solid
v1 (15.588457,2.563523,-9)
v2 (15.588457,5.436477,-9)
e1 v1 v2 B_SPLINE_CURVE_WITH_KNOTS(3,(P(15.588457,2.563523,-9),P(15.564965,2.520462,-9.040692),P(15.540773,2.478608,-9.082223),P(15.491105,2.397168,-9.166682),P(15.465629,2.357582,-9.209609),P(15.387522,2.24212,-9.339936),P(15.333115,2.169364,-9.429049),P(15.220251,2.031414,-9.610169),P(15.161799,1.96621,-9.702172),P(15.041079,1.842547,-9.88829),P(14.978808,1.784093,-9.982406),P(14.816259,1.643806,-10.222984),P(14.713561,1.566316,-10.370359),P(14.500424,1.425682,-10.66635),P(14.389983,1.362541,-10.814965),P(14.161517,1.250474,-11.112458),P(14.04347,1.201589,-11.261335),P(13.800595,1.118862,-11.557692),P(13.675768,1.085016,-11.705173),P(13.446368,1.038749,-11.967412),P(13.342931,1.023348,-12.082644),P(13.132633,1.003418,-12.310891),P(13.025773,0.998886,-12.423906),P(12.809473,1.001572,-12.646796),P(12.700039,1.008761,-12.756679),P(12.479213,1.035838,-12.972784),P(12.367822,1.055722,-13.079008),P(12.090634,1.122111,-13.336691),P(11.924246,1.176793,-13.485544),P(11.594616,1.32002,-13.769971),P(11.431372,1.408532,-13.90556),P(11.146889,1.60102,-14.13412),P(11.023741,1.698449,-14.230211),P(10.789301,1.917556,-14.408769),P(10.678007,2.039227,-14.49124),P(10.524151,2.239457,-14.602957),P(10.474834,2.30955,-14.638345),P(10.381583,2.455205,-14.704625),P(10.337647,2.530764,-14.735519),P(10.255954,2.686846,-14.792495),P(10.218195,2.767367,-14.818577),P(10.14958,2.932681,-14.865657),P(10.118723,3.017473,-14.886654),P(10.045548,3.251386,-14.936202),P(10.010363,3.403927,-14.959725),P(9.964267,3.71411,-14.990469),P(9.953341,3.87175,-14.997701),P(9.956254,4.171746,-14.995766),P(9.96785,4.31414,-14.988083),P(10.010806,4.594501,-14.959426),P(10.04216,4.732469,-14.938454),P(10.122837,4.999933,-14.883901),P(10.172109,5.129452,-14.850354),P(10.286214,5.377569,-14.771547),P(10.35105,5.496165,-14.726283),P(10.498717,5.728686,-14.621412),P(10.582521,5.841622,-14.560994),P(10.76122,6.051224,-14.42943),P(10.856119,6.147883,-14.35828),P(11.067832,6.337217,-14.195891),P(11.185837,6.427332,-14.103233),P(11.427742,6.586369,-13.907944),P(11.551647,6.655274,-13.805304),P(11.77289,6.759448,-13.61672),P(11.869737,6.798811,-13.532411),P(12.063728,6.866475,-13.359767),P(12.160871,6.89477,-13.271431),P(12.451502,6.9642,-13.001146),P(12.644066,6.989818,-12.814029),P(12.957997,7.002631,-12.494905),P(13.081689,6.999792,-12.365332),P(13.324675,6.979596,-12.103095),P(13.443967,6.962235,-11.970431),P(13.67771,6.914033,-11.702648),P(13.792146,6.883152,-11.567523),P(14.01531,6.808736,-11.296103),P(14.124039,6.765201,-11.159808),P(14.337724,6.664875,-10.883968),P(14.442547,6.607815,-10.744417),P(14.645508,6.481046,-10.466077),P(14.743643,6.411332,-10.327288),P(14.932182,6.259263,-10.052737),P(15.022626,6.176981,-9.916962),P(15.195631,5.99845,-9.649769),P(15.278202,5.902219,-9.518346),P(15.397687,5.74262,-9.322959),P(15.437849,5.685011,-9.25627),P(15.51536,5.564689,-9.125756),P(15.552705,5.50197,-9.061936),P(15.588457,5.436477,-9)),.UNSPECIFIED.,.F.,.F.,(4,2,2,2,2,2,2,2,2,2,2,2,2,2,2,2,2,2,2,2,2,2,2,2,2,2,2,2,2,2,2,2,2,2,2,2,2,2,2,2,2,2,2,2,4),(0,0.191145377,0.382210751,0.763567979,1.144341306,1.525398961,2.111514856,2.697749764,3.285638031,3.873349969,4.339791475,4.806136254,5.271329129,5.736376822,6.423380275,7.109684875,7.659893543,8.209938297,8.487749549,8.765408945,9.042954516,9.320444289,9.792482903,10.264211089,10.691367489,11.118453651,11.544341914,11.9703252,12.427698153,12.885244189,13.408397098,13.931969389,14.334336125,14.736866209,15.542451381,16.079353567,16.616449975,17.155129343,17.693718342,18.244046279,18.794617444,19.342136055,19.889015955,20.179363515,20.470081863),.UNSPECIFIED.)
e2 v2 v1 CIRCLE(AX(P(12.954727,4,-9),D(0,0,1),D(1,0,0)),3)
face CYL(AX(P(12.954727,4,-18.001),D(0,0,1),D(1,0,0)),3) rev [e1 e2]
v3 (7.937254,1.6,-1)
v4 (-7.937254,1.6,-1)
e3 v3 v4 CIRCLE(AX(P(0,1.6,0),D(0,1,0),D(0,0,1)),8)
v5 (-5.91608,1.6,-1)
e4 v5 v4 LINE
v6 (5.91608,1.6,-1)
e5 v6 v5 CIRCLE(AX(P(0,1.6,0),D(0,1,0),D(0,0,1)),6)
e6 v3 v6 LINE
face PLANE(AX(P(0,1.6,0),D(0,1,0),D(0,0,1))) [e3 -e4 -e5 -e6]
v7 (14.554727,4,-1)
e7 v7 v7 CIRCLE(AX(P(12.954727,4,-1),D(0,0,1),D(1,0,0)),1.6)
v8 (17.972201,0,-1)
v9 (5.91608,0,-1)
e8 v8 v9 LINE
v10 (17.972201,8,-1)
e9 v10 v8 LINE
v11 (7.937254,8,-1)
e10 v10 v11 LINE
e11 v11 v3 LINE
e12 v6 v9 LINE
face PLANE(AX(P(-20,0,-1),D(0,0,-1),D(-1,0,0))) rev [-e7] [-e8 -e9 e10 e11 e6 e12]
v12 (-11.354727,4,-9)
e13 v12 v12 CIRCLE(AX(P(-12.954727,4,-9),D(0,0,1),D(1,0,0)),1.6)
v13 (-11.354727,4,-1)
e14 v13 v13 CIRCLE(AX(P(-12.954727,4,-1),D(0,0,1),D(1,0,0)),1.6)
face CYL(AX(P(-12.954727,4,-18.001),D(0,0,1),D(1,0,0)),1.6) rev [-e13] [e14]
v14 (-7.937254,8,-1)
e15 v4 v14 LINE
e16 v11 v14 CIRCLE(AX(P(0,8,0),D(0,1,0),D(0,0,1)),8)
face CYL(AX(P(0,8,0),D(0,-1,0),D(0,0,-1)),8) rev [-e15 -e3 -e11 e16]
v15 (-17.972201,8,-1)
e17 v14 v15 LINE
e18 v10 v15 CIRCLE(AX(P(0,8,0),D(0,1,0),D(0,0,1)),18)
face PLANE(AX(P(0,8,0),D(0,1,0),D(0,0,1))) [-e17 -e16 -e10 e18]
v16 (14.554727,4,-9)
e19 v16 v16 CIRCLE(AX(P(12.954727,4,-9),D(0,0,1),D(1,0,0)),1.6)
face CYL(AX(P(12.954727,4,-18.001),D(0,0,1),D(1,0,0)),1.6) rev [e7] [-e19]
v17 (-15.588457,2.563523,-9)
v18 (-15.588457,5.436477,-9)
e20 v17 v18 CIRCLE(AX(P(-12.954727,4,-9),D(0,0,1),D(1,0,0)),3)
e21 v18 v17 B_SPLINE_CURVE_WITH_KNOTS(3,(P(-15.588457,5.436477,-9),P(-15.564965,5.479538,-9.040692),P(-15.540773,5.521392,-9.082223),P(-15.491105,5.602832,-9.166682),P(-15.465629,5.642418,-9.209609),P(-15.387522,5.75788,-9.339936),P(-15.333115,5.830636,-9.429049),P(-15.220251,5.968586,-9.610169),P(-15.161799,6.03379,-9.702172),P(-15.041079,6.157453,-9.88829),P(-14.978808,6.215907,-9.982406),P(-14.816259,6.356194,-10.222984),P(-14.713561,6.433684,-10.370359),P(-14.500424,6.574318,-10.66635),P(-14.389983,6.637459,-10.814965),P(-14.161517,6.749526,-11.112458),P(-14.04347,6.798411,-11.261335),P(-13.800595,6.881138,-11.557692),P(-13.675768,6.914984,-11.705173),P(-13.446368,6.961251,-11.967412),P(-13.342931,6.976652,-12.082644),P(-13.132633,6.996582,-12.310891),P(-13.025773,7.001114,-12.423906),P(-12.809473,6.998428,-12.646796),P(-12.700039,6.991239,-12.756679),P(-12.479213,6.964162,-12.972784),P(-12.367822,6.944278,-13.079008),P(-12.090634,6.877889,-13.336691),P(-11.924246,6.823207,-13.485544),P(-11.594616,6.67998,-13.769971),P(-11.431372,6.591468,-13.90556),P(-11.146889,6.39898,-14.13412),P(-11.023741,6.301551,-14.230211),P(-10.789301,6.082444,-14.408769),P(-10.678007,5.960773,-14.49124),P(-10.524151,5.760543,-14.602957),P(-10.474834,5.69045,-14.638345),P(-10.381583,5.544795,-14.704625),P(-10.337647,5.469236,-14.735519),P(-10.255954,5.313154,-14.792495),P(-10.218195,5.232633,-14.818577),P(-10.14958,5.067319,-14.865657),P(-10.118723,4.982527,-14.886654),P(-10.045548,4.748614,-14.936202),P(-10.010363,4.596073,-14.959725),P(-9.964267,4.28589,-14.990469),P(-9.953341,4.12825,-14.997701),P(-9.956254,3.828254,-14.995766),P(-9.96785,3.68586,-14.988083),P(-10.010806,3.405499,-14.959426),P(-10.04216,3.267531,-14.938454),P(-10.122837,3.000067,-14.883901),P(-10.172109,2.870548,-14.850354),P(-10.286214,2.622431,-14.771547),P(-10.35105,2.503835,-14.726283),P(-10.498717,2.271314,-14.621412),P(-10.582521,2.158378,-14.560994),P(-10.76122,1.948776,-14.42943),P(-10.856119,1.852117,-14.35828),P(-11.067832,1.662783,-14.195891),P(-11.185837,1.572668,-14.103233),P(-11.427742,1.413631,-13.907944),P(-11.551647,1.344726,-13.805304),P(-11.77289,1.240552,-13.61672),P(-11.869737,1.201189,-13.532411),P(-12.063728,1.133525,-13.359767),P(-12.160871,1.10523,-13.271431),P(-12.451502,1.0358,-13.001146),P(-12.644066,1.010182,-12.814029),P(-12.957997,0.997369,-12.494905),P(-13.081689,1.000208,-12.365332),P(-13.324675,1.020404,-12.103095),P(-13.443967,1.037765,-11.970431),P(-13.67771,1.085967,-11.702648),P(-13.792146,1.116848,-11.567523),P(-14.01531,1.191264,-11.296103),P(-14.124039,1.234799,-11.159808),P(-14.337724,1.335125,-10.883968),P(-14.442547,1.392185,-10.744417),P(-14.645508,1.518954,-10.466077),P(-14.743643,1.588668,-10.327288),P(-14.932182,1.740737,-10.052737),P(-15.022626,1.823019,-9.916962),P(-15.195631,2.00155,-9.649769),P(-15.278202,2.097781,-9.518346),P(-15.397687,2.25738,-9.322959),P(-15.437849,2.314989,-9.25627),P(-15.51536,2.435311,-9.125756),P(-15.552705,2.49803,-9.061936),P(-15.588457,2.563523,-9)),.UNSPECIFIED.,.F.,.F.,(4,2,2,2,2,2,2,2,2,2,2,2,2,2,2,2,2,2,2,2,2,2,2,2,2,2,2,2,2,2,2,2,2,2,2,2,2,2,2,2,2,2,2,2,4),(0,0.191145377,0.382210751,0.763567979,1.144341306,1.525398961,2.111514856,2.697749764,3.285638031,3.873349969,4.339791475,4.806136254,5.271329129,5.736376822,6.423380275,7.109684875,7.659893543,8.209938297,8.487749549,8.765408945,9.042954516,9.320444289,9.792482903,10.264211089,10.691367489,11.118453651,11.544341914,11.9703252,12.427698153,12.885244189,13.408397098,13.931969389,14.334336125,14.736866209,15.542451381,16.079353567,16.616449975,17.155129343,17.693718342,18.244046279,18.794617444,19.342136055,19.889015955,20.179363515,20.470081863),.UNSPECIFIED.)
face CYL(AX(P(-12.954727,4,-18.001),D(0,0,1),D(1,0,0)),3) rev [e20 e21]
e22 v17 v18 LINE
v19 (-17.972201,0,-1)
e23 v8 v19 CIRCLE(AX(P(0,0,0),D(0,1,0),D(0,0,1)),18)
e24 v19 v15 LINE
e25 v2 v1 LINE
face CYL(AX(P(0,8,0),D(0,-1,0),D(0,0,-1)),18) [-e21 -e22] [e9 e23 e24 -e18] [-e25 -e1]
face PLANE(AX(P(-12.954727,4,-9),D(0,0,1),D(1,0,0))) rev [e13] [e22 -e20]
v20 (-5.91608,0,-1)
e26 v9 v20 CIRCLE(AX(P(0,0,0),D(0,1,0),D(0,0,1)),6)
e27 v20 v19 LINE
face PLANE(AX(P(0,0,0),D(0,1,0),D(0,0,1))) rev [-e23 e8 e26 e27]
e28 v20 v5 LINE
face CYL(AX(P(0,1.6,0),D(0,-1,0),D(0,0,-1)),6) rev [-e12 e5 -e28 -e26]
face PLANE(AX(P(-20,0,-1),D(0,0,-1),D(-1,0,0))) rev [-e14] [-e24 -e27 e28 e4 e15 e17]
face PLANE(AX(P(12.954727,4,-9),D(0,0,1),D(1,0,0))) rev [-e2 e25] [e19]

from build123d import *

# Parameters (mm, degrees)
SKETCH1_R           = 18
SKETCH1_R_2         = 8
BOSS_EXTRUDE1_DEPTH = 8
SKETCH2_R           = 8
SKETCH2_R_2         = 6
BOSS_EXTRUDE2_DEPTH = 1.6
SKETCH3_W           = 40
SKETCH3_H           = 20
CUT_EXTRUDE1_DEPTH  = 9
CUT_EXTRUDE2_REACH  = 19
SKETCH5_R           = 1.6
CUT_EXTRUDE3_REACH  = 27
CUT_EXTRUDE3_START  = -8
SKETCH6_R           = 3


with BuildPart() as part:
    # Sketch1 → Boss-Extrude1 (new body)
    with BuildSketch(Plane(origin=(0, 0, 0), x_dir=(1, 0, 0), z_dir=(0, 1, 0))):
        Circle(SKETCH1_R)
        Circle(SKETCH1_R_2, mode=Mode.SUBTRACT)
    extrude(amount=BOSS_EXTRUDE1_DEPTH)

    # Sketch2 → Boss-Extrude2 (add)
    with BuildSketch(Plane(origin=(0, 0, 0), x_dir=(1, 0, 0), z_dir=(0, 1, 0))):
        Circle(SKETCH2_R)
        Circle(SKETCH2_R_2, mode=Mode.SUBTRACT)
    extrude(amount=BOSS_EXTRUDE2_DEPTH)

    # Sketch3 → Cut-Extrude1 (cut, through all)
    with BuildSketch(Plane(origin=(0, 8, 0), x_dir=(1, 0, 0), z_dir=(0, 1, 0))):
        with Locations((0, -9)):
            Rectangle(SKETCH3_W, SKETCH3_H)
    extrude(amount=-CUT_EXTRUDE1_DEPTH, mode=Mode.SUBTRACT)

    # Sketch5 → Cut-Extrude2 (cut, up to next)
    with BuildSketch(Plane.XY.offset(-1), mode=Mode.PRIVATE) as cut_extrude2_sk1:
        with Locations((-12.954727344, 4)):
            Circle(SKETCH5_R)
    cut_extrude2_tool1 = extrude(cut_extrude2_sk1.sketch, amount=-CUT_EXTRUDE2_REACH, mode=Mode.PRIVATE) & part.part
    add(cut_extrude2_tool1.solids().sort_by_distance((-12.954727, 4, -1))[0], mode=Mode.SUBTRACT)
    # Sketch5 → Cut-Extrude2 (cut, up to next)
    with BuildSketch(Plane.XY.offset(-1), mode=Mode.PRIVATE) as cut_extrude2_sk2:
        with Locations((12.954727344, 4)):
            Circle(SKETCH5_R)
    cut_extrude2_tool2 = extrude(cut_extrude2_sk2.sketch, amount=-CUT_EXTRUDE2_REACH, mode=Mode.PRIVATE) & part.part
    add(cut_extrude2_tool2.solids().sort_by_distance((12.954727, 4, -1))[0], mode=Mode.SUBTRACT)

    # Sketch6 → Cut-Extrude3 (cut, up to next)
    with BuildSketch(Plane.XY.offset(-1).offset(CUT_EXTRUDE3_START), mode=Mode.PRIVATE) as cut_extrude3_sk1:
        with Locations((-12.954727344, 4)):
            Circle(SKETCH6_R)
    cut_extrude3_tool1 = extrude(cut_extrude3_sk1.sketch, amount=-CUT_EXTRUDE3_REACH, mode=Mode.PRIVATE) & part.part
    add(cut_extrude3_tool1.solids().sort_by_distance((-12.954727, 4, -9))[0], mode=Mode.SUBTRACT)
    # Sketch6 → Cut-Extrude3 (cut, up to next)
    with BuildSketch(Plane.XY.offset(-1).offset(CUT_EXTRUDE3_START), mode=Mode.PRIVATE) as cut_extrude3_sk2:
        with Locations((12.954727344, 4)):
            Circle(SKETCH6_R)
    cut_extrude3_tool2 = extrude(cut_extrude3_sk2.sketch, amount=-CUT_EXTRUDE3_REACH, mode=Mode.PRIVATE) & part.part
    add(cut_extrude3_tool2.solids().sort_by_distance((12.954727, 4, -9))[0], mode=Mode.SUBTRACT)


solid = part.part
